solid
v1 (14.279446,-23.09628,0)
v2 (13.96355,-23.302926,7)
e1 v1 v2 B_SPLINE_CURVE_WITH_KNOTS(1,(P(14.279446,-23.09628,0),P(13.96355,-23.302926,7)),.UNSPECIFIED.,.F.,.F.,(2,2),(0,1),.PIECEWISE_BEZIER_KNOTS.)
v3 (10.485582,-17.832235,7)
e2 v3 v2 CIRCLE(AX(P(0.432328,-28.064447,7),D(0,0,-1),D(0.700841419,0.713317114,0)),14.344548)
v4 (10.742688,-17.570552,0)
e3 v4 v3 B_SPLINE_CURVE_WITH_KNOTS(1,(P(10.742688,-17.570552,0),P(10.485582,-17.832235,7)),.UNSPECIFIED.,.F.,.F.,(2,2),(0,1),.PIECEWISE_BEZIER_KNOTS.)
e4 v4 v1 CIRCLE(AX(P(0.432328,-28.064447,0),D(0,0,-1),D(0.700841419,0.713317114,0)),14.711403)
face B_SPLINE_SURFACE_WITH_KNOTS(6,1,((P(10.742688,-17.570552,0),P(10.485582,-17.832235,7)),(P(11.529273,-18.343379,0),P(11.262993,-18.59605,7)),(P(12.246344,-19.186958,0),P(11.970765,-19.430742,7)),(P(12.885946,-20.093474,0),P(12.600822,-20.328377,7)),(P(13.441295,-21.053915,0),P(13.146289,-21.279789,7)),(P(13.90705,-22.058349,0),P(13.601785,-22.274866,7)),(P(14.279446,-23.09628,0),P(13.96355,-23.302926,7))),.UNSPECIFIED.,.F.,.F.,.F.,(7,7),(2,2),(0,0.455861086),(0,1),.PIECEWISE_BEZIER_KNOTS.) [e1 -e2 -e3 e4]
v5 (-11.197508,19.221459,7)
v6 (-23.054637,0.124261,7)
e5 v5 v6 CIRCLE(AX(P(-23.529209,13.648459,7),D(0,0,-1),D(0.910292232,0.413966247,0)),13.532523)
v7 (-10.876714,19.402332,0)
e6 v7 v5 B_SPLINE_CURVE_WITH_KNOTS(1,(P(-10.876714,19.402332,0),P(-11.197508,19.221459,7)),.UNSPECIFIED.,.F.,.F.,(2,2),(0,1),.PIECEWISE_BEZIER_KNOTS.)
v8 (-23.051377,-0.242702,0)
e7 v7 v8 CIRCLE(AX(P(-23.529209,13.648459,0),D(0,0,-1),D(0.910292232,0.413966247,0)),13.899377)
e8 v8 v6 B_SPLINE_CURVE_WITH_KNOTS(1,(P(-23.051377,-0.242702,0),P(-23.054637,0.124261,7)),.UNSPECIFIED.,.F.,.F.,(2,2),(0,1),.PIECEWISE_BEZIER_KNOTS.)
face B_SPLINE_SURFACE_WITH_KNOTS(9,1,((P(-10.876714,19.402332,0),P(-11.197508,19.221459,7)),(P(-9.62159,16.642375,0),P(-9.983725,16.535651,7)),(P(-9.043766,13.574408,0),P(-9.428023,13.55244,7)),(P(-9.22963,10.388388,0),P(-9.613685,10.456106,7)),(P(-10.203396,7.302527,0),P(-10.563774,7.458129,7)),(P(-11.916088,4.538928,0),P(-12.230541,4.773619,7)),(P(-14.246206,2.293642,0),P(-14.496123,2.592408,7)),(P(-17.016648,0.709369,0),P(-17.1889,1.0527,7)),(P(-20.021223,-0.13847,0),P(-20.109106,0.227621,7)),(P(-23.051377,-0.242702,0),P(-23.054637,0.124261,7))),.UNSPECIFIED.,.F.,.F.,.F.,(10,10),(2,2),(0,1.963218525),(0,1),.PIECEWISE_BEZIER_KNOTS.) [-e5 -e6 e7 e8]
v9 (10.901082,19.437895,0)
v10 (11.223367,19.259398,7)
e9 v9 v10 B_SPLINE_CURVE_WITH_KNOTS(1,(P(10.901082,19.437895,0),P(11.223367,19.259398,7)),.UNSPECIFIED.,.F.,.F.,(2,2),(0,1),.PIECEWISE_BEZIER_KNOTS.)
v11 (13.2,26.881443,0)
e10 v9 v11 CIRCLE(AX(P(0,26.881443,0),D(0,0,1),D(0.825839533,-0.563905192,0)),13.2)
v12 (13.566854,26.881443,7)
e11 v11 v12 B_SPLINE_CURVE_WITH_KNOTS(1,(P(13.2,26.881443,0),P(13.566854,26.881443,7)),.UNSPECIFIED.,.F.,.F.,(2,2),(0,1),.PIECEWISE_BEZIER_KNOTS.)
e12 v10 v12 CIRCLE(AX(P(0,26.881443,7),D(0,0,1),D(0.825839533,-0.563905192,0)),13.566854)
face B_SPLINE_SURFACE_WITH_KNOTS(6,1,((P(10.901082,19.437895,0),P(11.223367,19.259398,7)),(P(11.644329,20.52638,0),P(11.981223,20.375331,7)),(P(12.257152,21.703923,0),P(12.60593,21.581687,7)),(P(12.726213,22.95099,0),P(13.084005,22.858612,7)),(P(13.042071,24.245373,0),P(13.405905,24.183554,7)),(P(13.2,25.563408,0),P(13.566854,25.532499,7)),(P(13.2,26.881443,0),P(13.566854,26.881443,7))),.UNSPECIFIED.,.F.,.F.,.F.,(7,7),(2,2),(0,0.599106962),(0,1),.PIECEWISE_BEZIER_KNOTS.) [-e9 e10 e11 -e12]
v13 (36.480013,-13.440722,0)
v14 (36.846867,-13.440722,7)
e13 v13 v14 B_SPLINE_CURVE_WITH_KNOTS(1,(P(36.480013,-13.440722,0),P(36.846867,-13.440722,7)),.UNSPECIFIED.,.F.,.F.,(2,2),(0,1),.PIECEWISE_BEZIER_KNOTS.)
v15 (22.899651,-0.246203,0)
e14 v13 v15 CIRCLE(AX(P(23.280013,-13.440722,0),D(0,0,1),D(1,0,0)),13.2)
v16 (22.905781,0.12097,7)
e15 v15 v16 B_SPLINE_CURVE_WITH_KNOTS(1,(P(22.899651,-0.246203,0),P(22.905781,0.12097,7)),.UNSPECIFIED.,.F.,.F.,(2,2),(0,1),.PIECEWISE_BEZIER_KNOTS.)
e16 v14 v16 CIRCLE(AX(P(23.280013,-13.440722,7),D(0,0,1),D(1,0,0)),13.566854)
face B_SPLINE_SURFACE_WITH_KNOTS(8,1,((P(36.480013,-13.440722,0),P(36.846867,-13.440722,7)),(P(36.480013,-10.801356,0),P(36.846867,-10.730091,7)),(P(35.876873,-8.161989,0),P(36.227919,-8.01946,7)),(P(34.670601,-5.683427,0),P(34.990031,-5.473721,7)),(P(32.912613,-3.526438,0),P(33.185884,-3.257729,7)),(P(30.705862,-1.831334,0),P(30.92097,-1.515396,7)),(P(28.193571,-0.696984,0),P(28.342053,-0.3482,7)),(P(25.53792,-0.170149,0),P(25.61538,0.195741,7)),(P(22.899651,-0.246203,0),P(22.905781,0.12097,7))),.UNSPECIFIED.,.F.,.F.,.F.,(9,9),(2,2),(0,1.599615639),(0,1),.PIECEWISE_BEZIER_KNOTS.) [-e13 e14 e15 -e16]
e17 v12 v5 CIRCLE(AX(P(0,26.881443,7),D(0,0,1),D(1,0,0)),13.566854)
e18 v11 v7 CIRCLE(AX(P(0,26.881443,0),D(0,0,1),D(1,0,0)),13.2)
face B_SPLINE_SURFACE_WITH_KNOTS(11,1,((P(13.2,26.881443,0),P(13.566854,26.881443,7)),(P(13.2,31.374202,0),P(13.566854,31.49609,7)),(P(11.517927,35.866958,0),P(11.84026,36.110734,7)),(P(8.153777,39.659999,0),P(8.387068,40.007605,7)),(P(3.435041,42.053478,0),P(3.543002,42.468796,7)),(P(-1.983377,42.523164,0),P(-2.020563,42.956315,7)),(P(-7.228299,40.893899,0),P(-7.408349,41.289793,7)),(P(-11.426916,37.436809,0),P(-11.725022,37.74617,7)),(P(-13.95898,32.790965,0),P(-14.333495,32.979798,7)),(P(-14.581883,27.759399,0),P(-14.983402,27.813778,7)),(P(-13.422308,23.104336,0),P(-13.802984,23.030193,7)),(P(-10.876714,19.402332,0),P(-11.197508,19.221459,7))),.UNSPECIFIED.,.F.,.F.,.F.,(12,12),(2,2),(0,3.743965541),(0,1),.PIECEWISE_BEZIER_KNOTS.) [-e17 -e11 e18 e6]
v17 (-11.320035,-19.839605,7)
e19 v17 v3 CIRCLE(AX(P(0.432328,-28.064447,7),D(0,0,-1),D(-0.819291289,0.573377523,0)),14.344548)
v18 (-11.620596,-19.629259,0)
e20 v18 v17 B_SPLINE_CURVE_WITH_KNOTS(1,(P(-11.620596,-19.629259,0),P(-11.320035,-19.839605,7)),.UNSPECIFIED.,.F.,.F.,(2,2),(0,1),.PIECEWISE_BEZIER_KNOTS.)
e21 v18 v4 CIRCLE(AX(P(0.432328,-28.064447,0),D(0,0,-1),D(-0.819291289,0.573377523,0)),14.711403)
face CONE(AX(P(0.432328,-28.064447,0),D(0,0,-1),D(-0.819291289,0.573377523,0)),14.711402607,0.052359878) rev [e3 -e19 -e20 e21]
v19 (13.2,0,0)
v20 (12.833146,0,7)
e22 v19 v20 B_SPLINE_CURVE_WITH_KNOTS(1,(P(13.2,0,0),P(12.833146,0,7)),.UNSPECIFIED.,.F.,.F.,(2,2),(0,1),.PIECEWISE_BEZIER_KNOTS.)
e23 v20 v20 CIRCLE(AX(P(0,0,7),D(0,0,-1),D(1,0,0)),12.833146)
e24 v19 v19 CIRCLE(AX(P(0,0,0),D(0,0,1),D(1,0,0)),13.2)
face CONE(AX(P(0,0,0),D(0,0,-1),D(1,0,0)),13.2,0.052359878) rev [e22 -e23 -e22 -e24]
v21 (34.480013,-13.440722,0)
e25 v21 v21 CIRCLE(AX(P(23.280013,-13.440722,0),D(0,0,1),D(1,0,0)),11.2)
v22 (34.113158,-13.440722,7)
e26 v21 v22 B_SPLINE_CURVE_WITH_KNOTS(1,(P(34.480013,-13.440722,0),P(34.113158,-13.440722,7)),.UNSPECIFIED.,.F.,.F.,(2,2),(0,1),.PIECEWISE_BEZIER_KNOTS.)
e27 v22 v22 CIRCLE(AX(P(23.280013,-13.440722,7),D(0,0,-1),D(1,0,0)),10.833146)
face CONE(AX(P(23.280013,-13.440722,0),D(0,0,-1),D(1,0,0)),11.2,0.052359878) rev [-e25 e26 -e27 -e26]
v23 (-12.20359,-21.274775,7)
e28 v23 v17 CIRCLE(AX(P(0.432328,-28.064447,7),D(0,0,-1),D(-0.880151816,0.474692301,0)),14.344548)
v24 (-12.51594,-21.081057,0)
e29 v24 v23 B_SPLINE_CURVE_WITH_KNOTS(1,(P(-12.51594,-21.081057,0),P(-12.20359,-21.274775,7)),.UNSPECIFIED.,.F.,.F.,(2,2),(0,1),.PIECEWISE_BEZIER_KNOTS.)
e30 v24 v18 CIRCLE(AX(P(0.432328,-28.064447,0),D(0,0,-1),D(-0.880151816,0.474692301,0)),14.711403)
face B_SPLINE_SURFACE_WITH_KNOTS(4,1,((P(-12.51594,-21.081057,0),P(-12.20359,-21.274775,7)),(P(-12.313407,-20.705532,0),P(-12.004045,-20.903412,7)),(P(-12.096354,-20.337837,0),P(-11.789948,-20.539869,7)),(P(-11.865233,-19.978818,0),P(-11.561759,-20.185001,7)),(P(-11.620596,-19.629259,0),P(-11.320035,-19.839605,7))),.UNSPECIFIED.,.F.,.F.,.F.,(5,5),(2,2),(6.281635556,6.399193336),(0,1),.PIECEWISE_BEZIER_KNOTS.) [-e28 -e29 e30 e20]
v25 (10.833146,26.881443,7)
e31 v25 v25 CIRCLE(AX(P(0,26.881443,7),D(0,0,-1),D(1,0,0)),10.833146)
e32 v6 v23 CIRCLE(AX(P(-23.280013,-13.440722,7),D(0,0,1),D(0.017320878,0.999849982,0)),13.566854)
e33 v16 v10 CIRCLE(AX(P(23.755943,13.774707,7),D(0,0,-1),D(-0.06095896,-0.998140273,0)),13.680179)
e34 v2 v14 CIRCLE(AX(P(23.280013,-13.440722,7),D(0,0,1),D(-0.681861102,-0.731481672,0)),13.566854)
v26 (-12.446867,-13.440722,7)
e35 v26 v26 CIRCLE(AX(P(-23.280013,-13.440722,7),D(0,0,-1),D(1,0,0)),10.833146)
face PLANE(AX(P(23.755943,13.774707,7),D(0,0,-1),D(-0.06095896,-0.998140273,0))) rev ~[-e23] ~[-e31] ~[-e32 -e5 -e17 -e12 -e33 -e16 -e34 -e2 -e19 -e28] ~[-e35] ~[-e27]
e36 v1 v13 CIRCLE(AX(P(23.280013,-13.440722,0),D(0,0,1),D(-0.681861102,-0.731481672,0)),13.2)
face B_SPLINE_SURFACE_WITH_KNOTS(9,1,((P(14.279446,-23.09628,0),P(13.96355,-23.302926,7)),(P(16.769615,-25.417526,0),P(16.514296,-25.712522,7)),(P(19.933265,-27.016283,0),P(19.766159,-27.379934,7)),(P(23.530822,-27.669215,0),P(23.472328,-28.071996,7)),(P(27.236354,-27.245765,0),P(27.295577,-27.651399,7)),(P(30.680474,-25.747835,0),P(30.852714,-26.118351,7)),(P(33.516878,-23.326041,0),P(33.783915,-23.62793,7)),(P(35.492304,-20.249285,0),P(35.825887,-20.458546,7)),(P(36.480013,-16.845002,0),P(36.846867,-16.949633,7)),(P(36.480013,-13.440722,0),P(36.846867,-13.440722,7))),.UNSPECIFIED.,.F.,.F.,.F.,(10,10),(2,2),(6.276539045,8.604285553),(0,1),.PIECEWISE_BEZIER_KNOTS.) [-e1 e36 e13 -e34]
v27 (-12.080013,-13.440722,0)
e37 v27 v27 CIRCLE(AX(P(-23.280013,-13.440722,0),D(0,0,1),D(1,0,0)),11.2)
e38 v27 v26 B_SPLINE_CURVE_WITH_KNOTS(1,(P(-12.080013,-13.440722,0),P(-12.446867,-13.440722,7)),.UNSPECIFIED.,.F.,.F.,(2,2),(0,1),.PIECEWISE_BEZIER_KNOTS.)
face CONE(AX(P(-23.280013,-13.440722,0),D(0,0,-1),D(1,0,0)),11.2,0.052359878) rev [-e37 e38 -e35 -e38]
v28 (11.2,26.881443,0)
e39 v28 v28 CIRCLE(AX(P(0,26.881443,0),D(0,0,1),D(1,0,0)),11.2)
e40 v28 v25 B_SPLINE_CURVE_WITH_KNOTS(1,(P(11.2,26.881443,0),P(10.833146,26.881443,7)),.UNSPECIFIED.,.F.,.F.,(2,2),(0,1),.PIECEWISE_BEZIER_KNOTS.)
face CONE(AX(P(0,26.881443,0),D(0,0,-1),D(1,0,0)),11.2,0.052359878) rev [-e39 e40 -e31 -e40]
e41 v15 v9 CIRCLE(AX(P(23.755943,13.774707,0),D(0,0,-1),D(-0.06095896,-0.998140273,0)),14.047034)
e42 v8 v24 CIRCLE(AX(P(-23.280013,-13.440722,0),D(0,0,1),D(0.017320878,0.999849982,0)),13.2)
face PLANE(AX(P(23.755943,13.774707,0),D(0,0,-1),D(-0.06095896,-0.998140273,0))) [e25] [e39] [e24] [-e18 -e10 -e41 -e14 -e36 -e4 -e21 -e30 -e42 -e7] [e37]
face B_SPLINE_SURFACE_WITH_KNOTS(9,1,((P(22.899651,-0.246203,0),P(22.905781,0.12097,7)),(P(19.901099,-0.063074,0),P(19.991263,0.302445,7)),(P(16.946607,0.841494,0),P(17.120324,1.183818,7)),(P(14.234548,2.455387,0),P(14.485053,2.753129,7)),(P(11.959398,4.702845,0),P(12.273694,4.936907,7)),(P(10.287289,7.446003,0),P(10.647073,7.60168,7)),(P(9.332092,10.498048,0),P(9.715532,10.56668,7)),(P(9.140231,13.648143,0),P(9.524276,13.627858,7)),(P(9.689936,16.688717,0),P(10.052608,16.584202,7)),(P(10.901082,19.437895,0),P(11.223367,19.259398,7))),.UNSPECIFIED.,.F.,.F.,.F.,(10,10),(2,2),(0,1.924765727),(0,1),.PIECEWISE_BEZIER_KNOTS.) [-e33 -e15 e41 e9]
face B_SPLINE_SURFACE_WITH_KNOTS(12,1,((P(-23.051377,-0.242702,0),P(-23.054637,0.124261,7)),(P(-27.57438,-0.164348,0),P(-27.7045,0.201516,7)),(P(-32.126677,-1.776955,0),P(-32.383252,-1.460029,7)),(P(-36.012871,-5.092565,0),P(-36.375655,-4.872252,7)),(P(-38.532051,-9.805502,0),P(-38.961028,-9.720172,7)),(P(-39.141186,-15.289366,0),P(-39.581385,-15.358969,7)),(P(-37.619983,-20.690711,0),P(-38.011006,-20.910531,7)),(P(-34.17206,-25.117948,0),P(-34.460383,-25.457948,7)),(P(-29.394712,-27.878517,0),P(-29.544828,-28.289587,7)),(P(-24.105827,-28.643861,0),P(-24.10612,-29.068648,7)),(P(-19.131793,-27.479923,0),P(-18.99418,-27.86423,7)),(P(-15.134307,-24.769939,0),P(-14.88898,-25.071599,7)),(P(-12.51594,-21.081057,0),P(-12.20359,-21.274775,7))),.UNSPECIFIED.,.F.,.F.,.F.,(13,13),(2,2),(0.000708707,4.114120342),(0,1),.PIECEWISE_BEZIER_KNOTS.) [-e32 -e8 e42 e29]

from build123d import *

# Parameters (mm, degrees)
F0_R     = 13.2
F0_R_2   = 11.2
F1_DEPTH = 7
F1_TAPER = -3


with BuildPart() as f1:
    # F0 (on Top) → F1 (new body)
    with BuildSketch(Plane.XY):
        with BuildLine():
            ThreePointArc((10.9010818376, 19.4378948031), (0.0215551002, 13.6814609359), (-10.8767136673, 19.4023324402))
            ThreePointArc((-10.8767136673, 19.4023324402), (-11.7146747863, 6.3266103812), (-23.0513772317, -0.2427019014))
            ThreePointArc((-23.0513772317, -0.2427019014), (-13.8657154546, -4.1881001415), (-10.0800128199, -13.4407216683))
            ThreePointArc((-10.0800128199, -13.4407216683), (-10.4709476124, -16.6294280689), (-11.6205959274, -19.6292592764))
            ThreePointArc((-11.6205959274, -19.6292592764), (-0.9162642999, -13.4149873045), (10.7426883573, -17.5705516067))
            ThreePointArc((10.7426883573, -17.5705516067), (12.4749250479, -5.858500474), (22.8996505618, -0.2462029369))
            ThreePointArc((22.8996505618, -0.2462029369), (11.7615752414, 6.4634627634), (10.9010818376, 19.4378948031))
        make_face()
        Circle(F0_R, mode=Mode.SUBTRACT)
        with BuildLine():
            ThreePointArc((36.4800128199, -13.4407216683), (32.4783609921, -3.9733888389), (22.8996505618, -0.2462029369))
            ThreePointArc((22.8996505618, -0.2462029369), (12.4749250479, -5.858500474), (10.7426883573, -17.5705516067))
            ThreePointArc((10.7426883573, -17.5705516067), (12.8230245623, -20.1337465562), (14.2794462685, -23.096279744))
            ThreePointArc((14.2794462685, -23.096279744), (28.5446363355, -25.5454207244), (36.4800128199, -13.4407216683))
        make_face()
        with Locations((23.2800128199, -13.4407216683)):
            Circle(F0_R_2, mode=Mode.SUBTRACT)
        with BuildLine():
            ThreePointArc((10.9010818376, 19.4378948031), (12.6121822112, 22.9862078018), (13.2, 26.8814433366))
            ThreePointArc((13.2, 26.8814433366), (-3.9158255574, 39.48724796), (-10.8767136673, 19.4023324402))
            ThreePointArc((-10.8767136673, 19.4023324402), (0.0215551002, 13.6814609359), (10.9010818376, 19.4378948031))
        make_face()
        with Locations((0, 26.8814433366)):
            Circle(F0_R_2, mode=Mode.SUBTRACT)
        with BuildLine():
            ThreePointArc((-10.0800128199, -13.4407216683), (-13.8657154546, -4.1881001415), (-23.0513772317, -0.2427019014))
            ThreePointArc((-23.0513772317, -0.2427019014), (-35.0600457348, -19.3964604574), (-12.5159396425, -21.0810573043))
            ThreePointArc((-12.5159396425, -21.0810573043), (-12.0893262179, -20.3421712665), (-11.6205959274, -19.6292592764))
            ThreePointArc((-11.6205959274, -19.6292592764), (-10.4709476124, -16.6294280689), (-10.0800128199, -13.4407216683))
        make_face()
        with Locations((-23.2800128199, -13.4407216683)):
            Circle(F0_R_2, mode=Mode.SUBTRACT)
    extrude(amount=F1_DEPTH, taper=F1_TAPER)


solid = f1.part
